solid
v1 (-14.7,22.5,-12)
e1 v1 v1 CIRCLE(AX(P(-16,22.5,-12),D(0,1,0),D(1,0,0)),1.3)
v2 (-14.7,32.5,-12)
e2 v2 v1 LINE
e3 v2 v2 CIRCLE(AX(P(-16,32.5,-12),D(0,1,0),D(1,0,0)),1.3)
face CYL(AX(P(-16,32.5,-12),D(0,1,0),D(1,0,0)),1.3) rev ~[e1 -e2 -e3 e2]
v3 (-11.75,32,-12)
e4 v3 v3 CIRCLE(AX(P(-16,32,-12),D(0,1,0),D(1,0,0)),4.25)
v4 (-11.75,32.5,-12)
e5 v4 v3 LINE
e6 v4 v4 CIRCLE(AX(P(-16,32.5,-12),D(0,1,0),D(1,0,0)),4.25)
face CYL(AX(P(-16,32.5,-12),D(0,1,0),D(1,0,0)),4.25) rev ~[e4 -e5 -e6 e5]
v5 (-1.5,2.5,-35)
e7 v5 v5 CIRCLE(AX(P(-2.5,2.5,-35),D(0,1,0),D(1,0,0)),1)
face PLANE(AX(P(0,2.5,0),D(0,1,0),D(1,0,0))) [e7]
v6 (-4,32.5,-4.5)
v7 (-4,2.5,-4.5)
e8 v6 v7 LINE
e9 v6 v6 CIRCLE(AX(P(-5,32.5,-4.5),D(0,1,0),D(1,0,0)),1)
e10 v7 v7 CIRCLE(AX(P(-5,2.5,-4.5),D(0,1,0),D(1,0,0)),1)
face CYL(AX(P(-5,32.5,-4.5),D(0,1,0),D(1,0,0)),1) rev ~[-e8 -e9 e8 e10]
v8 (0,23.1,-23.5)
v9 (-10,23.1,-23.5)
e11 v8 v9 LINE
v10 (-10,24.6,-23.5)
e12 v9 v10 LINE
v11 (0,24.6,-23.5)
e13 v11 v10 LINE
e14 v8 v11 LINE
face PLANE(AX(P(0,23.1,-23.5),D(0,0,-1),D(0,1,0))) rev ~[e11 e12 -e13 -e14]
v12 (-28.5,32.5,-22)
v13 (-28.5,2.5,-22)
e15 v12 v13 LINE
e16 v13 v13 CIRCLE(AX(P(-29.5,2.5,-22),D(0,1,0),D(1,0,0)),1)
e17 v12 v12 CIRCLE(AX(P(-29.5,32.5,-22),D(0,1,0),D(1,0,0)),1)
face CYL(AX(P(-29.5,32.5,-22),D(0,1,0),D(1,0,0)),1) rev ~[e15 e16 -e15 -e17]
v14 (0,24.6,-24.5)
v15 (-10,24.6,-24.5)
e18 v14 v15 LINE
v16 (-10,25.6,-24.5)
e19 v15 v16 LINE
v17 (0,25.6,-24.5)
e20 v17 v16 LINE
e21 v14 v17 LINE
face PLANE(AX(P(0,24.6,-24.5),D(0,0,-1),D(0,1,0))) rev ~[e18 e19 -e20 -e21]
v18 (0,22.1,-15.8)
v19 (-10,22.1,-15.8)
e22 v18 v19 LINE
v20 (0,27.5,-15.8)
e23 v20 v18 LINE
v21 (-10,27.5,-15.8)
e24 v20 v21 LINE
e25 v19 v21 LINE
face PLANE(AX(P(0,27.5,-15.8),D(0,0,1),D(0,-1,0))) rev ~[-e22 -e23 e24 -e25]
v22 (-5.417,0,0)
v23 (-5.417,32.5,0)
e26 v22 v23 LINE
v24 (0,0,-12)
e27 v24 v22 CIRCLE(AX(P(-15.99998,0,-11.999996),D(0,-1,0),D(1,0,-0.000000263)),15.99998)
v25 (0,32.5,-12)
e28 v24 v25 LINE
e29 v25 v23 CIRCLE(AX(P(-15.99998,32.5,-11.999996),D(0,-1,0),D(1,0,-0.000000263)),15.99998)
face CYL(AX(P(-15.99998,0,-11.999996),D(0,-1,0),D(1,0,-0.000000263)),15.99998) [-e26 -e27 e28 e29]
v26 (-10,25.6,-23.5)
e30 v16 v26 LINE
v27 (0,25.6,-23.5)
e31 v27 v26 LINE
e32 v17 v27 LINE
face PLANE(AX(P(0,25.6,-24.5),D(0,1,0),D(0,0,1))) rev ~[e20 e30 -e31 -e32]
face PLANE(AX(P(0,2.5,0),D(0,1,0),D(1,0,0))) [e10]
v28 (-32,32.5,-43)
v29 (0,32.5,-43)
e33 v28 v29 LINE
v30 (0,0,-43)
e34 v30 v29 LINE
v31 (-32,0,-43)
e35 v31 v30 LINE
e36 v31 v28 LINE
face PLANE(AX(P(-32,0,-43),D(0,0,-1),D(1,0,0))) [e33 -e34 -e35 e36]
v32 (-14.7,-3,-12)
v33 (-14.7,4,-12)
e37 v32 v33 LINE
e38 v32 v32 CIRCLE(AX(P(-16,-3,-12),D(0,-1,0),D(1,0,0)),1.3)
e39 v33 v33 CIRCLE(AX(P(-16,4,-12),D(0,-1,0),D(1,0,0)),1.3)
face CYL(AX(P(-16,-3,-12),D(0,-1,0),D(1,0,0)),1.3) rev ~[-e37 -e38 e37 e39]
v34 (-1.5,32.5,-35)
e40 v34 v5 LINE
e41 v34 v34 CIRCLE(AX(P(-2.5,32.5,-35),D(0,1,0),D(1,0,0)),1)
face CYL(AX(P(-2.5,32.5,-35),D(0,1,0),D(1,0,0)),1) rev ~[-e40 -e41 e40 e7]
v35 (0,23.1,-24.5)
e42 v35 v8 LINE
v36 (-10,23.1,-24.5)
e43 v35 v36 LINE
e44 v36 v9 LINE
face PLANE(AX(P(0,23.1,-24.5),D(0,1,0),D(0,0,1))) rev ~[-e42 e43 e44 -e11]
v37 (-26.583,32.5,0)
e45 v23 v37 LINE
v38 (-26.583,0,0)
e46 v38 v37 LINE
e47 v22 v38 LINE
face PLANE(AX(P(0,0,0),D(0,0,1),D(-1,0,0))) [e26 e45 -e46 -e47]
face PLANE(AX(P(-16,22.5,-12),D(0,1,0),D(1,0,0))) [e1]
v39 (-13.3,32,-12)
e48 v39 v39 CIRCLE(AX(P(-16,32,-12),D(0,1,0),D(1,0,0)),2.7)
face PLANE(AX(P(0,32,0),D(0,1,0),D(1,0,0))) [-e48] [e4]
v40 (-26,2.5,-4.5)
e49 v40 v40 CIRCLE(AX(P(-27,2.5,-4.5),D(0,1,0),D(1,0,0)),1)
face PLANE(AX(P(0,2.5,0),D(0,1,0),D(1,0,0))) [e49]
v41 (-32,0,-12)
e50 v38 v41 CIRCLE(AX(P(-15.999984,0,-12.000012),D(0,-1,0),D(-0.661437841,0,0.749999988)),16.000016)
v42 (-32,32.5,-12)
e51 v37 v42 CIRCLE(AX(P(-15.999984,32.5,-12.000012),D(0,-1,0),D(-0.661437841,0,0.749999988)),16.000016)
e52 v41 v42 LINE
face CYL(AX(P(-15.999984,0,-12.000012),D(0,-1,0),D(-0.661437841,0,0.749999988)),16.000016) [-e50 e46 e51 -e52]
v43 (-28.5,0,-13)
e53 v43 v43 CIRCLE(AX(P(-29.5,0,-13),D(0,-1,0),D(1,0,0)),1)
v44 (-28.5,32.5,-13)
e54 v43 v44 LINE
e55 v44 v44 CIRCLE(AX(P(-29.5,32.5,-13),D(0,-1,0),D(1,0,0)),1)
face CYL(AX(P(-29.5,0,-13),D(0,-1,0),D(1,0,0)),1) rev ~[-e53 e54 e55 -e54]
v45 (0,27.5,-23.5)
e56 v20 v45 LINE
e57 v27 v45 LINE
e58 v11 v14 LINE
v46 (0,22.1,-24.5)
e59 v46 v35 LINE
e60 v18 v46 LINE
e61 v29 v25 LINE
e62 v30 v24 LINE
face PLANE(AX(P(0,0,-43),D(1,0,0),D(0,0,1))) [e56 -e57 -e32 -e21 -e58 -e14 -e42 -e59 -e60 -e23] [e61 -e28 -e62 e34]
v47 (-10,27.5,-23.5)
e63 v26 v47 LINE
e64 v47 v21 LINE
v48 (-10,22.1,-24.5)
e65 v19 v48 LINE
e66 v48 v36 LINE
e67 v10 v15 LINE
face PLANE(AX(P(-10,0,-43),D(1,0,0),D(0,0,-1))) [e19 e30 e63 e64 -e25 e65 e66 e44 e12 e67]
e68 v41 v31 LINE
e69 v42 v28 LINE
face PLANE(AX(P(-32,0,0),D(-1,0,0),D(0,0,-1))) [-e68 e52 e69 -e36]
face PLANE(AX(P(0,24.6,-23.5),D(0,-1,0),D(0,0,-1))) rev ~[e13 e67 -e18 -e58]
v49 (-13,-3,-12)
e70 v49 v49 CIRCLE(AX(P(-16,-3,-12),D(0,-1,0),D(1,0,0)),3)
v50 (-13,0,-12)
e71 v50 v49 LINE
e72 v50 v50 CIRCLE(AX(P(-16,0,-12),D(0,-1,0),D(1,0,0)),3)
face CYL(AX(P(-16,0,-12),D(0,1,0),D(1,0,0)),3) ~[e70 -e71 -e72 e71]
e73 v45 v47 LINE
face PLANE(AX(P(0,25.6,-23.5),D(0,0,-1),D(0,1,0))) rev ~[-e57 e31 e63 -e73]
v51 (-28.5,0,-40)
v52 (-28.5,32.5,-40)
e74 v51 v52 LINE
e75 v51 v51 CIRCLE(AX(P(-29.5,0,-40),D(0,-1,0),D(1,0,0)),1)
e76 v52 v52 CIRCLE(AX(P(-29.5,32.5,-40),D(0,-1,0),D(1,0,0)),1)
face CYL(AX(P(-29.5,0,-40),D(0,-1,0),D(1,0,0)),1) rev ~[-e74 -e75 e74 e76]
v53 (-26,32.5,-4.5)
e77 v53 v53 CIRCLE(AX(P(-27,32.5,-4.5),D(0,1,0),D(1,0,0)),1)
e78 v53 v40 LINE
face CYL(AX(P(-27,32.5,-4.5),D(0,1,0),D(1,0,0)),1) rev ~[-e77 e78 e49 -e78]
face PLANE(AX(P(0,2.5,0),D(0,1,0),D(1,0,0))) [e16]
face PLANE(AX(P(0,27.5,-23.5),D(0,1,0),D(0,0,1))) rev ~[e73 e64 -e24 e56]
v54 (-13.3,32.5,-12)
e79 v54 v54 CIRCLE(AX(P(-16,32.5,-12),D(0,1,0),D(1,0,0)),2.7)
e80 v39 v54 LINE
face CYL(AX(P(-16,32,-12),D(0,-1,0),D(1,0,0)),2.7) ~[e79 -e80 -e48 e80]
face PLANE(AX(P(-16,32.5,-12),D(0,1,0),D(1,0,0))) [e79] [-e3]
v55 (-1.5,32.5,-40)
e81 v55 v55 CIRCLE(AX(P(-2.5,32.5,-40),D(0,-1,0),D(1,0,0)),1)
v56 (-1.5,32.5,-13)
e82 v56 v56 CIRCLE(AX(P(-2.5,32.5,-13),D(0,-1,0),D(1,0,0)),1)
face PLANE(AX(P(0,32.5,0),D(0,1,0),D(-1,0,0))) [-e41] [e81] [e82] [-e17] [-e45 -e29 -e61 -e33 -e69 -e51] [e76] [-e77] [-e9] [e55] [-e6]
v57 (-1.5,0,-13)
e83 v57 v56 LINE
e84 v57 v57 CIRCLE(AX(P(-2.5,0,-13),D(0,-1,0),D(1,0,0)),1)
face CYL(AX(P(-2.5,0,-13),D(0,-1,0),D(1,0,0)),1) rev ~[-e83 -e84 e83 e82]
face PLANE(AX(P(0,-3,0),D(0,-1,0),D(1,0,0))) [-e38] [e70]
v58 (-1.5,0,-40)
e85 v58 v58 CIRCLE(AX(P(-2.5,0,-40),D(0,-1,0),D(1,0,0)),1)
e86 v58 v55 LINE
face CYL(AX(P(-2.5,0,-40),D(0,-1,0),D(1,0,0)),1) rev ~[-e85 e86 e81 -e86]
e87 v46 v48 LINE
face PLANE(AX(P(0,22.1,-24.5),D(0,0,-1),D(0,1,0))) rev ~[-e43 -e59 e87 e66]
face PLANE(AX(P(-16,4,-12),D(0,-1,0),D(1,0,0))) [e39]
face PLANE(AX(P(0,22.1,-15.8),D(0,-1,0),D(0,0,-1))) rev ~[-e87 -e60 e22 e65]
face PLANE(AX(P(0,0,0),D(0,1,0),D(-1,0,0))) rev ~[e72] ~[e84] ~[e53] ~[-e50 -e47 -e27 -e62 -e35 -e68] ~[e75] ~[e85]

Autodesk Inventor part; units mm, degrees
ref_plane "YZ Plane" through (0, 0, 0) normal (1, 0, 0) x (0, 1, 0)
ref_plane "XZ Plane" through (0, 0, 0) normal (0, 1, 0) x (-1, 0, 0)
ref_plane "XY Plane" through (0, 0, 0) normal (0, 0, 1) x (1, 0, 0)
sketch "スケッチ1" plane through (0, 0, 0) normal (0, 1, 0) x (-1, 0, 0)
  line L0 (0, 0) -> (32, 0)
  line L1 (32, 0) -> (32, -43)
  line L2 (32, -43) -> (0, -43)
  line L3 (0, -43) -> (0, 0)
  dimension "d0" = 32
  dimension "d1" = 43
extrude "押し出し1" add sketch "スケッチ1" along normal blind 32.5
sketch "スケッチ2" plane through (0, 0, 0) normal (0, -1, 0) x (1, 0, 0)
  line L0 (-32, -43) -> (-32, 0) construction
  line L1 (-32, -21.5) -> (0, -21.5) construction
  line L2 (0, 0) -> (0, -43) construction
  line L3 (-16, -21.5) -> (-16, -12) construction
  line L4 (-32, 0) -> (-32, -43) projected
  arc A0 (-26.583, 0) -> (-32, -12) centre (-16, -12) ccw
  arc A1 (0, -12) -> (-5.417, 0) centre (-16, -12) ccw
  line L5 (-32, -12) -> (-32, 0)
  line L6 (0, 0) -> (-32, 0) projected
  line L7 (-5.417, 0) -> (0, 0)
  line L8 (0, 0) -> (0, -12)
  line L9 (-32, 0) -> (-26.583, 0)
  dimension "d4" = 9.5
extrude "押し出し2" cut sketch "スケッチ2" against normal blind 32.5
sketch "スケッチ3" plane through (0, 0, 0) normal (0, -1, 0) x (1, 0, 0)
  line L0 (-32, -21.5) -> (0, -21.5) construction
  line L1 (0, -21.5) -> (0, -43) construction
  line L2 (-5.417, 0) -> (-26.583, 0) construction
  line L3 (-16, 0) -> (-16, -43) construction
  line L4 (-32, -43) -> (0, -43) construction
  line L5 (-16, -21.5) -> (-16, -13) construction
  line L6 (-16, -21.5) -> (-29.5, -21.5) construction
  circle A0 centre (-29.5, -13) radius 1
  line L7 (-16, -21.5) -> (-2.5, -21.5) construction
  circle A1 centre (-2.5, -13) radius 1
  line L8 (-16, -21.5) -> (-16, -40) construction
  circle A2 centre (-29.5, -40) radius 1
  circle A3 centre (-2.5, -40) radius 1
  point P0 (0, 0)
  dimension "d8" = 8.5
  dimension "d9" = 13.5
  dimension "d10" = 2
  dimension "d11" = 13.5
  dimension "d12" = 2
  dimension "d13" = 18.5
  dimension "d14" = 2
  dimension "d15" = 2
extrude "押し出し3" cut sketch "スケッチ3" against normal blind 32.5
sketch "スケッチ4" plane through (0, 32.5, 0) normal (0, 1, 0) x (1, 0, 0)
  line L0 (-5.417, 0) -> (-26.583, 0) construction
  line L1 (-32, 21.5) -> (0, 21.5) construction
  line L2 (0, 21.5) -> (0, 43) construction
  line L3 (-16, 0) -> (-16, 43) construction
  line L4 (-32, 43) -> (0, 43) construction
  line L5 (-16, 21.5) -> (-16, 13) construction
  line L6 (-16, 21.5) -> (-29.5, 21.5) construction
  circle A0 centre (-29.5, 13) radius 1
  line L7 (-16, 21.5) -> (-2.5, 21.5) construction
  circle A1 centre (-2.5, 13) radius 1
  line L8 (-16, 21.5) -> (-16, 40) construction
  circle A2 centre (-29.5, 40) radius 1
  circle A3 centre (-2.5, 40) radius 1
  line L9 (-29.5, 21.5) -> (-29.5, 22) construction
  line L10 (-2.5, 21.5) -> (-2.5, 35) construction
  line L11 (-16, 21.5) -> (-16, 4.5) construction
  line L12 (-16, 4.5) -> (-5, 4.5) construction
  line L13 (-16, 4.5) -> (-27, 4.5) construction
  circle A4 centre (-2.5, 35) radius 1
  circle A5 centre (-29.5, 22) radius 1
  circle A6 centre (-27, 4.5) radius 1
  circle A7 centre (-5, 4.5) radius 1
  line L14 (0, 43) -> (-32, 43) projected
  line L15 (0, 43) -> (-32, 43)
  line L16 (-32, 43) -> (-32, 12) projected
  line L17 (-32, 43) -> (-32, 12)
  line L18 (0, 12) -> (0, 43) projected
  line L19 (0, 43) -> (0, 12)
  line L20 (-26.583, 0) -> (-5.417, 0) projected
  line L21 (-5.417, 0) -> (-26.583, 0)
  arc A8 (-32, 12) -> (-26.583, 0) centre (-16, 12) ccw
  arc A9 (-5.417, 0) -> (0, 12) centre (-16, 12) ccw projected
  arc A10 (-5.417, 0) -> (0, 12) centre (-16, 12) ccw
  circle A11 centre (-29.5, 40) radius 1 construction
  line L22 (-2.5, 40) -> (-29.5, 40) construction
  point P0 (0, 0)
  point P1 (0, 0)
  dimension "d26" = 0.5
  dimension "d27" = 13.5
  dimension "d28" = 17
  dimension "d29" = 11
  dimension "d30" = 11
  dimension "d31" = 2
  dimension "d32" = 2
  dimension "d33" = 2
  dimension "d34" = 2
extrude "押し出し4" cut sketch "スケッチ4" against normal blind 30 contours A4 | A5 | A6 | A7
sketch "スケッチ5" plane through (0, 0, 0) normal (0, -1, 0) x (1, 0, 0)
  line L0 (-32, -21.5) -> (0, -21.5) construction
  line L1 (0, -21.5) -> (0, -43) construction
  line L2 (-5.417, 0) -> (-26.583, 0) construction
  line L3 (-16, 0) -> (-16, -43) construction
  line L4 (-32, -43) -> (0, -43) construction
  line L5 (-16, -21.5) -> (-16, -12) construction
  line L6 (-16, -21.5) -> (-29.5, -21.5) construction
  circle A0 centre (-29.5, -13) radius 1
  line L7 (-16, -21.5) -> (-2.5, -21.5) construction
  circle A1 centre (-2.5, -13) radius 1
  line L8 (-16, -21.5) -> (-16, -40) construction
  circle A2 centre (-29.5, -40) radius 1
  circle A3 centre (-2.5, -40) radius 1
  circle A4 centre (-16, -12) radius 3
  point P0 (0, 0)
  point P1 (0, 0)
  dimension "d37" = 9.5
  dimension "d38" = 13.5
  dimension "d39" = 2
  dimension "d40" = 13.5
  dimension "d41" = 2
  dimension "d42" = 18.5
  dimension "d43" = 2
  dimension "d44" = 2
  dimension "d45" = 6
extrude "押し出し5" add sketch "スケッチ5" along normal blind 3 contours A4
sketch "スケッチ6" plane through (-16, -3, -12) normal (0, -1, 0) x (1, 0, 0)
  circle A0 centre (0, 0) radius 1.3
  point P0 (16, 12)
  dimension "d48" = 2.6
extrude "押し出し6" cut sketch "スケッチ6" against normal blind 7
sketch "スケッチ7" plane through (0, 32.5, 0) normal (0, 1, 0) x (1, 0, 0)
  line L0 (-5.417, 0) -> (-26.583, 0) construction
  line L1 (-16, 21.5) -> (-29.5, 21.5) construction
  line L2 (-16, 21.5) -> (-16, 13) construction
  line L3 (-16, 21.5) -> (-2.5, 21.5) construction
  line L4 (-32, 21.5) -> (0, 21.5) construction
  line L5 (-32, 43) -> (0, 43) construction
  line L6 (-16, 21.5) -> (-16, 40) construction
  line L7 (0, 21.5) -> (0, 43) construction
  line L8 (-16, 0) -> (-16, 43) construction
  line L9 (-29.5, 21.5) -> (-29.5, 22) construction
  line L10 (-16, 21.5) -> (-16, 12) construction
  line L11 (-16, 12) -> (-5, 12) construction
  line L12 (-16, 12) -> (-27, 12) construction
  circle A0 centre (-16, 12) radius 1.3 projected
  circle A1 centre (-16, 12) radius 4.25
  point P0 (0, 0)
  point P1 (0, 0)
  point P2 (0, 0)
  dimension "d53" = 9.5
  dimension "d60" = 8.5
extrude "押し出し7" cut sketch "スケッチ7" against normal blind 0.5 contours A0 | A1
sketch "スケッチ8" plane through (-16, 32, -12) normal (0, 1, 0) x (1, 0, 0)
  circle A0 centre (0, 0) radius 2.7
  point P0 (16, -12)
  dimension "d63" = 5.4
extrude "押し出し8" add sketch "スケッチ8" along normal blind 0.5
sketch "スケッチ9" plane through (-16, 32.5, -12) normal (0, 1, 0) x (1, 0, 0)
  circle A0 centre (0, 0) radius 1.3
  point P0 (16, -12)
  dimension "d66" = 2.6
extrude "押し出し9" cut sketch "スケッチ9" against normal blind 10
sketch "スケッチ10" plane through (0, 0, -43) normal (1, 0, 0) x (0, 0, -1)
  line L0 (0, 0) -> (0, 32.5) construction
  line L1 (0, 0) -> (-31, 0) construction
  line L2 (-21.5, 27.5) -> (-27.2, 27.5)
  line L3 (-27.2, 27.5) -> (-27.2, 24.6)
  line L4 (-27.2, 24.6) -> (-18.5, 24.6)
  line L5 (-18.5, 24.6) -> (-18.5, 25.6)
  line L6 (-18.5, 25.6) -> (-19.5, 25.6)
  line L7 (-19.5, 25.6) -> (-19.5, 27.5)
  line L8 (-19.5, 27.5) -> (-21.5, 27.5)
  line L9 (-27.2, 24.6) -> (-27.2, 22.1)
  line L10 (-27.2, 22.1) -> (-18.5, 22.1)
  line L11 (-18.5, 22.1) -> (-18.5, 23.1)
  line L12 (-18.5, 23.1) -> (-19.5, 23.1)
  line L13 (-19.5, 23.1) -> (-19.5, 24.6)
  line L14 (0, 32.5) -> (-21.5, 32.5) construction
  line L15 (-31, 32.5) -> (0, 32.5) construction
  line L16 (-21.5, 32.5) -> (-21.5, 27.5) construction
  point P0 (-43, 0)
  dimension "d72" = 2.9
  dimension "d73" = 5.7
  dimension "d74" = 8.7
  dimension "d75" = 1
  dimension "d76" = 1
  dimension "d79" = 2.5
  dimension "d80" = 1
  dimension "d81" = 1
  dimension "d85" = 21.5
  dimension "d86" = 5
extrude "押し出し11" cut sketch "スケッチ10" against normal blind 10
properties part number "Servo"
